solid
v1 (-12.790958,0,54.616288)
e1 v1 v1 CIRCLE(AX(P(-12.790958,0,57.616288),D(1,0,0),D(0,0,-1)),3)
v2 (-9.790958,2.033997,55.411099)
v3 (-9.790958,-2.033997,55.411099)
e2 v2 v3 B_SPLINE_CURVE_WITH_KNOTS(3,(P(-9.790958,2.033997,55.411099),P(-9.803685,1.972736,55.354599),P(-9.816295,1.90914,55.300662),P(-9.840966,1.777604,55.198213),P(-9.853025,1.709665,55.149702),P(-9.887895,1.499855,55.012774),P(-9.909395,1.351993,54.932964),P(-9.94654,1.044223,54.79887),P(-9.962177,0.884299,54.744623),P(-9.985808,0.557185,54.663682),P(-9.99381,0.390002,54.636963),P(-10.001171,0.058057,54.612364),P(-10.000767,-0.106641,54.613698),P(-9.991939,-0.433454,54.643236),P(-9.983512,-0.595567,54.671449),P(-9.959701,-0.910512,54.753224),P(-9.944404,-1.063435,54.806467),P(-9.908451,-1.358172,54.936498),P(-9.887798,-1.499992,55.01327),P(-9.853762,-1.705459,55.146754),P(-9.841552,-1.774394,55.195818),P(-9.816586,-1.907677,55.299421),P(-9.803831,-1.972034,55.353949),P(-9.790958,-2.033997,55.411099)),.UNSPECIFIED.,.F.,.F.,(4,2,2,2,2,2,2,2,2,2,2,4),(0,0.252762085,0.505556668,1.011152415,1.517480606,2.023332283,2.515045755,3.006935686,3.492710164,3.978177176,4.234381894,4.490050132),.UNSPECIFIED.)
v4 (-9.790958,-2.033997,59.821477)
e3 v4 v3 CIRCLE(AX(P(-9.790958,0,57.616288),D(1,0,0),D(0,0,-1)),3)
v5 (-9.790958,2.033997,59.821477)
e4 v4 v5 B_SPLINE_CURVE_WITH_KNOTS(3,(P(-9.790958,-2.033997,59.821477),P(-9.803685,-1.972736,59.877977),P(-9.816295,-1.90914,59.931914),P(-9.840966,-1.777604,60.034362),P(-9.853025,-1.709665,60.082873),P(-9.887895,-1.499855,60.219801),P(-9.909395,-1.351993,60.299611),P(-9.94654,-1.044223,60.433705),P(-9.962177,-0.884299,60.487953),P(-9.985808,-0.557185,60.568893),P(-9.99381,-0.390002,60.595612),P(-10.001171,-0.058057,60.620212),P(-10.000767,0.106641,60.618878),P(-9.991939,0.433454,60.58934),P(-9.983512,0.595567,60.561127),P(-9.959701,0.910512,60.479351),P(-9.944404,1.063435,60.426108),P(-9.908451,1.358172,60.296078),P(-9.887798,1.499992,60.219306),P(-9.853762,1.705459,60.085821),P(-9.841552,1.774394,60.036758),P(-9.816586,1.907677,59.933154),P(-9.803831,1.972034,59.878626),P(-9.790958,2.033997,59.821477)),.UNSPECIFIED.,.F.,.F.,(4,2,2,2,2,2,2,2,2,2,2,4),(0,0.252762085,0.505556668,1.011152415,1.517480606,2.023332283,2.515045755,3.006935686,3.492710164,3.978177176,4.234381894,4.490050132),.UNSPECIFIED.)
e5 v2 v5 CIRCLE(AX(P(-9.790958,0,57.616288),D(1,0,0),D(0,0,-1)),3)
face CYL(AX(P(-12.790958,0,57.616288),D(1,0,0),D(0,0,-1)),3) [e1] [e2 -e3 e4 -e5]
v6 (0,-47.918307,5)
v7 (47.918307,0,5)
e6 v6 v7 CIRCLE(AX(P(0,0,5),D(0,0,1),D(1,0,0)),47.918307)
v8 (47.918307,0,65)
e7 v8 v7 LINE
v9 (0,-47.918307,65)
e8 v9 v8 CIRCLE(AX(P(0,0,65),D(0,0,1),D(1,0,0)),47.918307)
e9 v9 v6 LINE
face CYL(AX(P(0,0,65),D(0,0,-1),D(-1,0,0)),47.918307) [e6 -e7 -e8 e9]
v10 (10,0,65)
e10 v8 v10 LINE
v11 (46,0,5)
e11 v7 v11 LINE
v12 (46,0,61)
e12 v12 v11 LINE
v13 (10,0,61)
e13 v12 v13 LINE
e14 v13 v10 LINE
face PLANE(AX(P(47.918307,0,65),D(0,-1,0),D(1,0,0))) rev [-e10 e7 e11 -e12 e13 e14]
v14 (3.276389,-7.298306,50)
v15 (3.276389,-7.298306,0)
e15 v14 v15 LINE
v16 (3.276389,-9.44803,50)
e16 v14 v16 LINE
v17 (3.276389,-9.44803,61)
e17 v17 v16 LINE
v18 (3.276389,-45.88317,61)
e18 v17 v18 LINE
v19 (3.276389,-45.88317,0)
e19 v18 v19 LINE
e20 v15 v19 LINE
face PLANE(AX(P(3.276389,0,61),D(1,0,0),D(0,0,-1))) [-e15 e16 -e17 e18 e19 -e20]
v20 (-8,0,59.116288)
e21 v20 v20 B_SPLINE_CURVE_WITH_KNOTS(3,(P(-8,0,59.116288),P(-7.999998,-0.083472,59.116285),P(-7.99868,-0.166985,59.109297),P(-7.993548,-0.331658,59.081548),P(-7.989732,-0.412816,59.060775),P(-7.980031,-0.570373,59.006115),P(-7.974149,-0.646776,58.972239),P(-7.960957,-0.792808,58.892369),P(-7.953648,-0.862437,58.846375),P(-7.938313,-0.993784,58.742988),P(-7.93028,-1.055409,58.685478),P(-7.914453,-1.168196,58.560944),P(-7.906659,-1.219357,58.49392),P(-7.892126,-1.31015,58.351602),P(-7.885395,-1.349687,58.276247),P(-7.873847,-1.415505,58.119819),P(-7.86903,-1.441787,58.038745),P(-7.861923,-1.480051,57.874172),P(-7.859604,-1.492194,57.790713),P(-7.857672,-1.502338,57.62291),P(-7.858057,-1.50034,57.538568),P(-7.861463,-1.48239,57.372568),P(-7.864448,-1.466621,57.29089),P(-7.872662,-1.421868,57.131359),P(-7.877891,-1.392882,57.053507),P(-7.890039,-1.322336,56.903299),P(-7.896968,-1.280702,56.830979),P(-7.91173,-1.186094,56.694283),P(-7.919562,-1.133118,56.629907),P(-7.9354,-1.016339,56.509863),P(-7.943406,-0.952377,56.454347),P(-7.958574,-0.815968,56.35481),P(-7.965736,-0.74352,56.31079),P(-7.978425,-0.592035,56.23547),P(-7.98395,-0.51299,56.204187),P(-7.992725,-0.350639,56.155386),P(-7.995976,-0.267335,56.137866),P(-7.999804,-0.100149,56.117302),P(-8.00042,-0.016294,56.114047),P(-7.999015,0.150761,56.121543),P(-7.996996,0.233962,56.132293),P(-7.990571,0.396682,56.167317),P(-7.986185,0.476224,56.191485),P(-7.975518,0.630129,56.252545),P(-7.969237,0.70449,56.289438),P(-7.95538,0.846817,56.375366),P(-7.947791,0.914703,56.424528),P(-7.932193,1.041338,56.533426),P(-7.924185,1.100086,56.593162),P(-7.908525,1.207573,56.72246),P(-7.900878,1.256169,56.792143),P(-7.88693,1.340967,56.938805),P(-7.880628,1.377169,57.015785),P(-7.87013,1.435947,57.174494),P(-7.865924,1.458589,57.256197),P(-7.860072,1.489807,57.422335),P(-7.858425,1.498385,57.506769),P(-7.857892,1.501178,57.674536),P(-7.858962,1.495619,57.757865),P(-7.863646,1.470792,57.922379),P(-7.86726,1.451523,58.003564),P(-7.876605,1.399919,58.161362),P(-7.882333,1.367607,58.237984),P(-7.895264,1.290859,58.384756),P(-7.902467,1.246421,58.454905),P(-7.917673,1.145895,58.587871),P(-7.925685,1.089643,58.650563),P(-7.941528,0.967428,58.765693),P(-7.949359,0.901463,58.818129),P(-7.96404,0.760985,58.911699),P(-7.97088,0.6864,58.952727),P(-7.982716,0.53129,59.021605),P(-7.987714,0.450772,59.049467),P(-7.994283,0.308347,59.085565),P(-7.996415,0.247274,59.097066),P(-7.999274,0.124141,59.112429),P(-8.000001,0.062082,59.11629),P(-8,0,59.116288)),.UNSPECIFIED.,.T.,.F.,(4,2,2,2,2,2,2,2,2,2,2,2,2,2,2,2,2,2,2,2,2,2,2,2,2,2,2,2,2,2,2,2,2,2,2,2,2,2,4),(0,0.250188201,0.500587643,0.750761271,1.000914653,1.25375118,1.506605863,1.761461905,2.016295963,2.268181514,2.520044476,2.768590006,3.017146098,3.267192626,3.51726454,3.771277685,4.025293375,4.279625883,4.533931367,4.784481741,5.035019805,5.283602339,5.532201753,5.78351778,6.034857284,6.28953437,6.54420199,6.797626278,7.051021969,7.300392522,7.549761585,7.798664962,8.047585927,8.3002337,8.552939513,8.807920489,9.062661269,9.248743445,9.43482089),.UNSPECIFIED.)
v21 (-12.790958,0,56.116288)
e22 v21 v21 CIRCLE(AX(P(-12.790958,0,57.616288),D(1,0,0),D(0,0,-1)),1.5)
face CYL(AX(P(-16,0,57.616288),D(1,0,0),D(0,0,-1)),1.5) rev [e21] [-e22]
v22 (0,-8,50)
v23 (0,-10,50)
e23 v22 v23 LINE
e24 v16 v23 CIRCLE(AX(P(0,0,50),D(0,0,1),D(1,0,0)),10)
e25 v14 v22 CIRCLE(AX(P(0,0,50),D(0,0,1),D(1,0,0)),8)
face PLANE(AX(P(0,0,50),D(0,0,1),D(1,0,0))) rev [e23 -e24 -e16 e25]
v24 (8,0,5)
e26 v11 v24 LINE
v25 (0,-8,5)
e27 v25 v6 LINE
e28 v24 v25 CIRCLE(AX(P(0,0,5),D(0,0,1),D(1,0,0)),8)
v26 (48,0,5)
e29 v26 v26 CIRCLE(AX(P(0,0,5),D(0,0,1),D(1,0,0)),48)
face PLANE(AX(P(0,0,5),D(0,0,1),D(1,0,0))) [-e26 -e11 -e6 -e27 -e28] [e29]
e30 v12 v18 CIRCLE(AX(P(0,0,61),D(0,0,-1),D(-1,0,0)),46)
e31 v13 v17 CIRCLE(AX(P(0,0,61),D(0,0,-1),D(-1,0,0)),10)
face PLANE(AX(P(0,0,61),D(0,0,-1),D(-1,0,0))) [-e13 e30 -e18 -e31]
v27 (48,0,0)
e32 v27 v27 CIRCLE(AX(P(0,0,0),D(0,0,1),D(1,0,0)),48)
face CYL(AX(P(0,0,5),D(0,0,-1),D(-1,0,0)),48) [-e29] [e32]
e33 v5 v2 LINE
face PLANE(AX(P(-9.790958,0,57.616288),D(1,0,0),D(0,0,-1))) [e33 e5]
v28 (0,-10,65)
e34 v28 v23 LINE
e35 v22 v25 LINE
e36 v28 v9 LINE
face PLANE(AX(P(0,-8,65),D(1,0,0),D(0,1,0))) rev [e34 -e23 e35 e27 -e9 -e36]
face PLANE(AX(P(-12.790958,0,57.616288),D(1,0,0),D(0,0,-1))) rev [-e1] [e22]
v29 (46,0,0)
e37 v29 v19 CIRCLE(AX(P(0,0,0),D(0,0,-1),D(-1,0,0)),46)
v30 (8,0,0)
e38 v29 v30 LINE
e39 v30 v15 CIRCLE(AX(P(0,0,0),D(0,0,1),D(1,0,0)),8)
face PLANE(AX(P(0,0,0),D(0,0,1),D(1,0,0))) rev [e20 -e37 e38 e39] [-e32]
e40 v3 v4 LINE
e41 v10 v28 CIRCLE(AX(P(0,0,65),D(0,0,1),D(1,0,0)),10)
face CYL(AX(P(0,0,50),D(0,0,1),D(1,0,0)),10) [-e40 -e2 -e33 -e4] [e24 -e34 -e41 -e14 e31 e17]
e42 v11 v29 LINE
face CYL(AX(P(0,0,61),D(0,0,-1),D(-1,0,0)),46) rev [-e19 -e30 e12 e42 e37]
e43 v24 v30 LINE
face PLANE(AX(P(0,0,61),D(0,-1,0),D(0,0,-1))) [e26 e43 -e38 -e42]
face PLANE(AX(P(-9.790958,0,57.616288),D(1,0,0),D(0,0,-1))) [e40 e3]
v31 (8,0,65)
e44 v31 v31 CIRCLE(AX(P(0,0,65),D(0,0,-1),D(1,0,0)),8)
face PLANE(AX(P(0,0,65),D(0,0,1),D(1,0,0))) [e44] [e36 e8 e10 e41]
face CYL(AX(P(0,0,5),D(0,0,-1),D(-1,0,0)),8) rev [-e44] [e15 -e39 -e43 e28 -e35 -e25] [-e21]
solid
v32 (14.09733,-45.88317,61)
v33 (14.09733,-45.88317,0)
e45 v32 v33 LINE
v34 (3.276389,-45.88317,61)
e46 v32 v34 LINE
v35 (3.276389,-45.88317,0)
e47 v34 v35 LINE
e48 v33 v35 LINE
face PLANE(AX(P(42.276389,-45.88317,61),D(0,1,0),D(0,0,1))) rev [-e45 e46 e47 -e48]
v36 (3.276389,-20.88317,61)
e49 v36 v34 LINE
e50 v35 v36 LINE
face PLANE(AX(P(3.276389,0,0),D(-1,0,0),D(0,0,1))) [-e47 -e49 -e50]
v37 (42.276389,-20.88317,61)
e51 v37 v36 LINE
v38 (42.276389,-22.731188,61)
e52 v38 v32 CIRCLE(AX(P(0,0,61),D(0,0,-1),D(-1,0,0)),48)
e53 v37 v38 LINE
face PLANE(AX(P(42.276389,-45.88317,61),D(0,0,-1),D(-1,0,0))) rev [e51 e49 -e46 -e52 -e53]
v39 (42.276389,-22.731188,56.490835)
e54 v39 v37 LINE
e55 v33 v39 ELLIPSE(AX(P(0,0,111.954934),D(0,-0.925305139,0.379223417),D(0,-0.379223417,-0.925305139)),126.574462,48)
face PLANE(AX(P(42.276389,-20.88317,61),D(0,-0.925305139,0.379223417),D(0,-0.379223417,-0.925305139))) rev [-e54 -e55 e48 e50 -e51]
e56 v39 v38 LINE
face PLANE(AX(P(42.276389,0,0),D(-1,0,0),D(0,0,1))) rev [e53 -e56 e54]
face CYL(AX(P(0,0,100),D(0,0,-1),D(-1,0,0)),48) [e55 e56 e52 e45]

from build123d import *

# Parameters (mm, degrees)
SKETCH1_R            = 48
SKETCH1_R_2          = 8
BOSS_EXTRUDE1_DEPTH  = 5
BOSS_EXTRUDE2_DEPTH  = 60
CUT_EXTRUDE1_DEPTH   = 61
BOSS_EXTRUDE5_START  = -15
SKETCH8_R            = 10
SKETCH8_R_2          = 8
BOSS_EXTRUDE5_DEPTH  = 15
BOSS_EXTRUDE10_DEPTH = 39
SKETCH10_R           = 64.589244017
SKETCH10_R_2         = 48
CUT_EXTRUDE2_DEPTH   = 100
SKETCH11_R           = 1.5
CUT_EXTRUDE5_DEPTH   = 16
SKETCH12_R           = 3
SKETCH12_R_2         = 1.5
BOSS_EXTRUDE12_DEPTH = 3


with BuildPart() as part:
    # Sketch1 → Boss-Extrude1 (new body)
    with BuildSketch(Plane.XY):
        Circle(SKETCH1_R)
        Circle(SKETCH1_R_2, mode=Mode.SUBTRACT)
    extrude(amount=BOSS_EXTRUDE1_DEPTH)

    # Sketch2 → Boss-Extrude2 (add)
    with BuildSketch(Plane.XY.offset(5)):
        with BuildLine():
            Line((0, -8), (0, -47.918307097))
            ThreePointArc((0, -47.918307097), (33.883359891, -33.883359891), (47.918307097, 0))
            Line((47.918307097, 0), (8, 0))
            ThreePointArc((8, 0), (5.656854249, -5.656854249), (0, -8))
        make_face()
    extrude(amount=BOSS_EXTRUDE2_DEPTH)

    # Sketch3 → Cut-Extrude1 (cut)
    with BuildSketch(Plane(origin=(0, 0, 0), x_dir=(-1, 0, 0), z_dir=(0, 0, -1))):
        with BuildLine():
            Line((-3.276389164, -45.883169834), (-3.276389164, -8))
            Line((-3.276389164, -8), (-3.276389164, -7.298306245))
            ThreePointArc((-3.276389164, -7.298306245), (-6.716067053, -4.346773901), (-8, 0))
            Line((-8, 0), (-46, 0))
            ThreePointArc((-46, 0), (-33.665367231, -31.347137816), (-3.276389164, -45.883169834))
        make_face()
    extrude(amount=-CUT_EXTRUDE1_DEPTH, mode=Mode.SUBTRACT)

    # Sketch8 → Boss-Extrude5 (add)
    with BuildSketch(Plane.XY.offset(65).offset(BOSS_EXTRUDE5_START)):
        Circle(SKETCH8_R)
        Circle(SKETCH8_R_2, mode=Mode.SUBTRACT)
    extrude(amount=BOSS_EXTRUDE5_DEPTH)

    # Sketch11 → Cut-Extrude5 (cut)
    with BuildSketch(Plane(origin=(0, 0, 0), x_dir=(0, 0, -1), z_dir=(1, 0, 0))):
        with Locations((-57.616287705, 0)):
            Circle(SKETCH11_R)
    extrude(amount=-CUT_EXTRUDE5_DEPTH, mode=Mode.SUBTRACT)

    # Sketch12 → Boss-Extrude12 (add)
    with BuildSketch(Plane(origin=(-9.790957965, 0, 0), x_dir=(0, 0, -1), z_dir=(1, 0, 0))):
        with Locations((-57.616287705, 0)):
            Circle(SKETCH12_R)
        with Locations((-57.616287705, 0)):
            Circle(SKETCH12_R_2, mode=Mode.SUBTRACT)
    extrude(amount=-BOSS_EXTRUDE12_DEPTH)


with BuildPart() as body_2:
    # Sketch9 → Boss-Extrude10 (new body)
    with BuildSketch(Plane(origin=(3.276389164, 0, 0), x_dir=(0, 0, -1), z_dir=(1, 0, 0))):
        Polygon((-61, -45.883169834), (0, -45.883169834), (-61, -20.883169834), align=None)
    extrude(amount=BOSS_EXTRUDE10_DEPTH)

    # Sketch10 → Cut-Extrude2 (cut)
    with BuildSketch(Plane(origin=(0, 0, 0), x_dir=(-1, 0, 0), z_dir=(0, 0, -1))):
        Circle(SKETCH10_R)
        with Locations(Location((0, 0, 0), (0, 0, 180))):
            Circle(SKETCH10_R_2, mode=Mode.SUBTRACT)
    extrude(amount=-CUT_EXTRUDE2_DEPTH, mode=Mode.SUBTRACT)


solid = Compound([part.part, body_2.part])
